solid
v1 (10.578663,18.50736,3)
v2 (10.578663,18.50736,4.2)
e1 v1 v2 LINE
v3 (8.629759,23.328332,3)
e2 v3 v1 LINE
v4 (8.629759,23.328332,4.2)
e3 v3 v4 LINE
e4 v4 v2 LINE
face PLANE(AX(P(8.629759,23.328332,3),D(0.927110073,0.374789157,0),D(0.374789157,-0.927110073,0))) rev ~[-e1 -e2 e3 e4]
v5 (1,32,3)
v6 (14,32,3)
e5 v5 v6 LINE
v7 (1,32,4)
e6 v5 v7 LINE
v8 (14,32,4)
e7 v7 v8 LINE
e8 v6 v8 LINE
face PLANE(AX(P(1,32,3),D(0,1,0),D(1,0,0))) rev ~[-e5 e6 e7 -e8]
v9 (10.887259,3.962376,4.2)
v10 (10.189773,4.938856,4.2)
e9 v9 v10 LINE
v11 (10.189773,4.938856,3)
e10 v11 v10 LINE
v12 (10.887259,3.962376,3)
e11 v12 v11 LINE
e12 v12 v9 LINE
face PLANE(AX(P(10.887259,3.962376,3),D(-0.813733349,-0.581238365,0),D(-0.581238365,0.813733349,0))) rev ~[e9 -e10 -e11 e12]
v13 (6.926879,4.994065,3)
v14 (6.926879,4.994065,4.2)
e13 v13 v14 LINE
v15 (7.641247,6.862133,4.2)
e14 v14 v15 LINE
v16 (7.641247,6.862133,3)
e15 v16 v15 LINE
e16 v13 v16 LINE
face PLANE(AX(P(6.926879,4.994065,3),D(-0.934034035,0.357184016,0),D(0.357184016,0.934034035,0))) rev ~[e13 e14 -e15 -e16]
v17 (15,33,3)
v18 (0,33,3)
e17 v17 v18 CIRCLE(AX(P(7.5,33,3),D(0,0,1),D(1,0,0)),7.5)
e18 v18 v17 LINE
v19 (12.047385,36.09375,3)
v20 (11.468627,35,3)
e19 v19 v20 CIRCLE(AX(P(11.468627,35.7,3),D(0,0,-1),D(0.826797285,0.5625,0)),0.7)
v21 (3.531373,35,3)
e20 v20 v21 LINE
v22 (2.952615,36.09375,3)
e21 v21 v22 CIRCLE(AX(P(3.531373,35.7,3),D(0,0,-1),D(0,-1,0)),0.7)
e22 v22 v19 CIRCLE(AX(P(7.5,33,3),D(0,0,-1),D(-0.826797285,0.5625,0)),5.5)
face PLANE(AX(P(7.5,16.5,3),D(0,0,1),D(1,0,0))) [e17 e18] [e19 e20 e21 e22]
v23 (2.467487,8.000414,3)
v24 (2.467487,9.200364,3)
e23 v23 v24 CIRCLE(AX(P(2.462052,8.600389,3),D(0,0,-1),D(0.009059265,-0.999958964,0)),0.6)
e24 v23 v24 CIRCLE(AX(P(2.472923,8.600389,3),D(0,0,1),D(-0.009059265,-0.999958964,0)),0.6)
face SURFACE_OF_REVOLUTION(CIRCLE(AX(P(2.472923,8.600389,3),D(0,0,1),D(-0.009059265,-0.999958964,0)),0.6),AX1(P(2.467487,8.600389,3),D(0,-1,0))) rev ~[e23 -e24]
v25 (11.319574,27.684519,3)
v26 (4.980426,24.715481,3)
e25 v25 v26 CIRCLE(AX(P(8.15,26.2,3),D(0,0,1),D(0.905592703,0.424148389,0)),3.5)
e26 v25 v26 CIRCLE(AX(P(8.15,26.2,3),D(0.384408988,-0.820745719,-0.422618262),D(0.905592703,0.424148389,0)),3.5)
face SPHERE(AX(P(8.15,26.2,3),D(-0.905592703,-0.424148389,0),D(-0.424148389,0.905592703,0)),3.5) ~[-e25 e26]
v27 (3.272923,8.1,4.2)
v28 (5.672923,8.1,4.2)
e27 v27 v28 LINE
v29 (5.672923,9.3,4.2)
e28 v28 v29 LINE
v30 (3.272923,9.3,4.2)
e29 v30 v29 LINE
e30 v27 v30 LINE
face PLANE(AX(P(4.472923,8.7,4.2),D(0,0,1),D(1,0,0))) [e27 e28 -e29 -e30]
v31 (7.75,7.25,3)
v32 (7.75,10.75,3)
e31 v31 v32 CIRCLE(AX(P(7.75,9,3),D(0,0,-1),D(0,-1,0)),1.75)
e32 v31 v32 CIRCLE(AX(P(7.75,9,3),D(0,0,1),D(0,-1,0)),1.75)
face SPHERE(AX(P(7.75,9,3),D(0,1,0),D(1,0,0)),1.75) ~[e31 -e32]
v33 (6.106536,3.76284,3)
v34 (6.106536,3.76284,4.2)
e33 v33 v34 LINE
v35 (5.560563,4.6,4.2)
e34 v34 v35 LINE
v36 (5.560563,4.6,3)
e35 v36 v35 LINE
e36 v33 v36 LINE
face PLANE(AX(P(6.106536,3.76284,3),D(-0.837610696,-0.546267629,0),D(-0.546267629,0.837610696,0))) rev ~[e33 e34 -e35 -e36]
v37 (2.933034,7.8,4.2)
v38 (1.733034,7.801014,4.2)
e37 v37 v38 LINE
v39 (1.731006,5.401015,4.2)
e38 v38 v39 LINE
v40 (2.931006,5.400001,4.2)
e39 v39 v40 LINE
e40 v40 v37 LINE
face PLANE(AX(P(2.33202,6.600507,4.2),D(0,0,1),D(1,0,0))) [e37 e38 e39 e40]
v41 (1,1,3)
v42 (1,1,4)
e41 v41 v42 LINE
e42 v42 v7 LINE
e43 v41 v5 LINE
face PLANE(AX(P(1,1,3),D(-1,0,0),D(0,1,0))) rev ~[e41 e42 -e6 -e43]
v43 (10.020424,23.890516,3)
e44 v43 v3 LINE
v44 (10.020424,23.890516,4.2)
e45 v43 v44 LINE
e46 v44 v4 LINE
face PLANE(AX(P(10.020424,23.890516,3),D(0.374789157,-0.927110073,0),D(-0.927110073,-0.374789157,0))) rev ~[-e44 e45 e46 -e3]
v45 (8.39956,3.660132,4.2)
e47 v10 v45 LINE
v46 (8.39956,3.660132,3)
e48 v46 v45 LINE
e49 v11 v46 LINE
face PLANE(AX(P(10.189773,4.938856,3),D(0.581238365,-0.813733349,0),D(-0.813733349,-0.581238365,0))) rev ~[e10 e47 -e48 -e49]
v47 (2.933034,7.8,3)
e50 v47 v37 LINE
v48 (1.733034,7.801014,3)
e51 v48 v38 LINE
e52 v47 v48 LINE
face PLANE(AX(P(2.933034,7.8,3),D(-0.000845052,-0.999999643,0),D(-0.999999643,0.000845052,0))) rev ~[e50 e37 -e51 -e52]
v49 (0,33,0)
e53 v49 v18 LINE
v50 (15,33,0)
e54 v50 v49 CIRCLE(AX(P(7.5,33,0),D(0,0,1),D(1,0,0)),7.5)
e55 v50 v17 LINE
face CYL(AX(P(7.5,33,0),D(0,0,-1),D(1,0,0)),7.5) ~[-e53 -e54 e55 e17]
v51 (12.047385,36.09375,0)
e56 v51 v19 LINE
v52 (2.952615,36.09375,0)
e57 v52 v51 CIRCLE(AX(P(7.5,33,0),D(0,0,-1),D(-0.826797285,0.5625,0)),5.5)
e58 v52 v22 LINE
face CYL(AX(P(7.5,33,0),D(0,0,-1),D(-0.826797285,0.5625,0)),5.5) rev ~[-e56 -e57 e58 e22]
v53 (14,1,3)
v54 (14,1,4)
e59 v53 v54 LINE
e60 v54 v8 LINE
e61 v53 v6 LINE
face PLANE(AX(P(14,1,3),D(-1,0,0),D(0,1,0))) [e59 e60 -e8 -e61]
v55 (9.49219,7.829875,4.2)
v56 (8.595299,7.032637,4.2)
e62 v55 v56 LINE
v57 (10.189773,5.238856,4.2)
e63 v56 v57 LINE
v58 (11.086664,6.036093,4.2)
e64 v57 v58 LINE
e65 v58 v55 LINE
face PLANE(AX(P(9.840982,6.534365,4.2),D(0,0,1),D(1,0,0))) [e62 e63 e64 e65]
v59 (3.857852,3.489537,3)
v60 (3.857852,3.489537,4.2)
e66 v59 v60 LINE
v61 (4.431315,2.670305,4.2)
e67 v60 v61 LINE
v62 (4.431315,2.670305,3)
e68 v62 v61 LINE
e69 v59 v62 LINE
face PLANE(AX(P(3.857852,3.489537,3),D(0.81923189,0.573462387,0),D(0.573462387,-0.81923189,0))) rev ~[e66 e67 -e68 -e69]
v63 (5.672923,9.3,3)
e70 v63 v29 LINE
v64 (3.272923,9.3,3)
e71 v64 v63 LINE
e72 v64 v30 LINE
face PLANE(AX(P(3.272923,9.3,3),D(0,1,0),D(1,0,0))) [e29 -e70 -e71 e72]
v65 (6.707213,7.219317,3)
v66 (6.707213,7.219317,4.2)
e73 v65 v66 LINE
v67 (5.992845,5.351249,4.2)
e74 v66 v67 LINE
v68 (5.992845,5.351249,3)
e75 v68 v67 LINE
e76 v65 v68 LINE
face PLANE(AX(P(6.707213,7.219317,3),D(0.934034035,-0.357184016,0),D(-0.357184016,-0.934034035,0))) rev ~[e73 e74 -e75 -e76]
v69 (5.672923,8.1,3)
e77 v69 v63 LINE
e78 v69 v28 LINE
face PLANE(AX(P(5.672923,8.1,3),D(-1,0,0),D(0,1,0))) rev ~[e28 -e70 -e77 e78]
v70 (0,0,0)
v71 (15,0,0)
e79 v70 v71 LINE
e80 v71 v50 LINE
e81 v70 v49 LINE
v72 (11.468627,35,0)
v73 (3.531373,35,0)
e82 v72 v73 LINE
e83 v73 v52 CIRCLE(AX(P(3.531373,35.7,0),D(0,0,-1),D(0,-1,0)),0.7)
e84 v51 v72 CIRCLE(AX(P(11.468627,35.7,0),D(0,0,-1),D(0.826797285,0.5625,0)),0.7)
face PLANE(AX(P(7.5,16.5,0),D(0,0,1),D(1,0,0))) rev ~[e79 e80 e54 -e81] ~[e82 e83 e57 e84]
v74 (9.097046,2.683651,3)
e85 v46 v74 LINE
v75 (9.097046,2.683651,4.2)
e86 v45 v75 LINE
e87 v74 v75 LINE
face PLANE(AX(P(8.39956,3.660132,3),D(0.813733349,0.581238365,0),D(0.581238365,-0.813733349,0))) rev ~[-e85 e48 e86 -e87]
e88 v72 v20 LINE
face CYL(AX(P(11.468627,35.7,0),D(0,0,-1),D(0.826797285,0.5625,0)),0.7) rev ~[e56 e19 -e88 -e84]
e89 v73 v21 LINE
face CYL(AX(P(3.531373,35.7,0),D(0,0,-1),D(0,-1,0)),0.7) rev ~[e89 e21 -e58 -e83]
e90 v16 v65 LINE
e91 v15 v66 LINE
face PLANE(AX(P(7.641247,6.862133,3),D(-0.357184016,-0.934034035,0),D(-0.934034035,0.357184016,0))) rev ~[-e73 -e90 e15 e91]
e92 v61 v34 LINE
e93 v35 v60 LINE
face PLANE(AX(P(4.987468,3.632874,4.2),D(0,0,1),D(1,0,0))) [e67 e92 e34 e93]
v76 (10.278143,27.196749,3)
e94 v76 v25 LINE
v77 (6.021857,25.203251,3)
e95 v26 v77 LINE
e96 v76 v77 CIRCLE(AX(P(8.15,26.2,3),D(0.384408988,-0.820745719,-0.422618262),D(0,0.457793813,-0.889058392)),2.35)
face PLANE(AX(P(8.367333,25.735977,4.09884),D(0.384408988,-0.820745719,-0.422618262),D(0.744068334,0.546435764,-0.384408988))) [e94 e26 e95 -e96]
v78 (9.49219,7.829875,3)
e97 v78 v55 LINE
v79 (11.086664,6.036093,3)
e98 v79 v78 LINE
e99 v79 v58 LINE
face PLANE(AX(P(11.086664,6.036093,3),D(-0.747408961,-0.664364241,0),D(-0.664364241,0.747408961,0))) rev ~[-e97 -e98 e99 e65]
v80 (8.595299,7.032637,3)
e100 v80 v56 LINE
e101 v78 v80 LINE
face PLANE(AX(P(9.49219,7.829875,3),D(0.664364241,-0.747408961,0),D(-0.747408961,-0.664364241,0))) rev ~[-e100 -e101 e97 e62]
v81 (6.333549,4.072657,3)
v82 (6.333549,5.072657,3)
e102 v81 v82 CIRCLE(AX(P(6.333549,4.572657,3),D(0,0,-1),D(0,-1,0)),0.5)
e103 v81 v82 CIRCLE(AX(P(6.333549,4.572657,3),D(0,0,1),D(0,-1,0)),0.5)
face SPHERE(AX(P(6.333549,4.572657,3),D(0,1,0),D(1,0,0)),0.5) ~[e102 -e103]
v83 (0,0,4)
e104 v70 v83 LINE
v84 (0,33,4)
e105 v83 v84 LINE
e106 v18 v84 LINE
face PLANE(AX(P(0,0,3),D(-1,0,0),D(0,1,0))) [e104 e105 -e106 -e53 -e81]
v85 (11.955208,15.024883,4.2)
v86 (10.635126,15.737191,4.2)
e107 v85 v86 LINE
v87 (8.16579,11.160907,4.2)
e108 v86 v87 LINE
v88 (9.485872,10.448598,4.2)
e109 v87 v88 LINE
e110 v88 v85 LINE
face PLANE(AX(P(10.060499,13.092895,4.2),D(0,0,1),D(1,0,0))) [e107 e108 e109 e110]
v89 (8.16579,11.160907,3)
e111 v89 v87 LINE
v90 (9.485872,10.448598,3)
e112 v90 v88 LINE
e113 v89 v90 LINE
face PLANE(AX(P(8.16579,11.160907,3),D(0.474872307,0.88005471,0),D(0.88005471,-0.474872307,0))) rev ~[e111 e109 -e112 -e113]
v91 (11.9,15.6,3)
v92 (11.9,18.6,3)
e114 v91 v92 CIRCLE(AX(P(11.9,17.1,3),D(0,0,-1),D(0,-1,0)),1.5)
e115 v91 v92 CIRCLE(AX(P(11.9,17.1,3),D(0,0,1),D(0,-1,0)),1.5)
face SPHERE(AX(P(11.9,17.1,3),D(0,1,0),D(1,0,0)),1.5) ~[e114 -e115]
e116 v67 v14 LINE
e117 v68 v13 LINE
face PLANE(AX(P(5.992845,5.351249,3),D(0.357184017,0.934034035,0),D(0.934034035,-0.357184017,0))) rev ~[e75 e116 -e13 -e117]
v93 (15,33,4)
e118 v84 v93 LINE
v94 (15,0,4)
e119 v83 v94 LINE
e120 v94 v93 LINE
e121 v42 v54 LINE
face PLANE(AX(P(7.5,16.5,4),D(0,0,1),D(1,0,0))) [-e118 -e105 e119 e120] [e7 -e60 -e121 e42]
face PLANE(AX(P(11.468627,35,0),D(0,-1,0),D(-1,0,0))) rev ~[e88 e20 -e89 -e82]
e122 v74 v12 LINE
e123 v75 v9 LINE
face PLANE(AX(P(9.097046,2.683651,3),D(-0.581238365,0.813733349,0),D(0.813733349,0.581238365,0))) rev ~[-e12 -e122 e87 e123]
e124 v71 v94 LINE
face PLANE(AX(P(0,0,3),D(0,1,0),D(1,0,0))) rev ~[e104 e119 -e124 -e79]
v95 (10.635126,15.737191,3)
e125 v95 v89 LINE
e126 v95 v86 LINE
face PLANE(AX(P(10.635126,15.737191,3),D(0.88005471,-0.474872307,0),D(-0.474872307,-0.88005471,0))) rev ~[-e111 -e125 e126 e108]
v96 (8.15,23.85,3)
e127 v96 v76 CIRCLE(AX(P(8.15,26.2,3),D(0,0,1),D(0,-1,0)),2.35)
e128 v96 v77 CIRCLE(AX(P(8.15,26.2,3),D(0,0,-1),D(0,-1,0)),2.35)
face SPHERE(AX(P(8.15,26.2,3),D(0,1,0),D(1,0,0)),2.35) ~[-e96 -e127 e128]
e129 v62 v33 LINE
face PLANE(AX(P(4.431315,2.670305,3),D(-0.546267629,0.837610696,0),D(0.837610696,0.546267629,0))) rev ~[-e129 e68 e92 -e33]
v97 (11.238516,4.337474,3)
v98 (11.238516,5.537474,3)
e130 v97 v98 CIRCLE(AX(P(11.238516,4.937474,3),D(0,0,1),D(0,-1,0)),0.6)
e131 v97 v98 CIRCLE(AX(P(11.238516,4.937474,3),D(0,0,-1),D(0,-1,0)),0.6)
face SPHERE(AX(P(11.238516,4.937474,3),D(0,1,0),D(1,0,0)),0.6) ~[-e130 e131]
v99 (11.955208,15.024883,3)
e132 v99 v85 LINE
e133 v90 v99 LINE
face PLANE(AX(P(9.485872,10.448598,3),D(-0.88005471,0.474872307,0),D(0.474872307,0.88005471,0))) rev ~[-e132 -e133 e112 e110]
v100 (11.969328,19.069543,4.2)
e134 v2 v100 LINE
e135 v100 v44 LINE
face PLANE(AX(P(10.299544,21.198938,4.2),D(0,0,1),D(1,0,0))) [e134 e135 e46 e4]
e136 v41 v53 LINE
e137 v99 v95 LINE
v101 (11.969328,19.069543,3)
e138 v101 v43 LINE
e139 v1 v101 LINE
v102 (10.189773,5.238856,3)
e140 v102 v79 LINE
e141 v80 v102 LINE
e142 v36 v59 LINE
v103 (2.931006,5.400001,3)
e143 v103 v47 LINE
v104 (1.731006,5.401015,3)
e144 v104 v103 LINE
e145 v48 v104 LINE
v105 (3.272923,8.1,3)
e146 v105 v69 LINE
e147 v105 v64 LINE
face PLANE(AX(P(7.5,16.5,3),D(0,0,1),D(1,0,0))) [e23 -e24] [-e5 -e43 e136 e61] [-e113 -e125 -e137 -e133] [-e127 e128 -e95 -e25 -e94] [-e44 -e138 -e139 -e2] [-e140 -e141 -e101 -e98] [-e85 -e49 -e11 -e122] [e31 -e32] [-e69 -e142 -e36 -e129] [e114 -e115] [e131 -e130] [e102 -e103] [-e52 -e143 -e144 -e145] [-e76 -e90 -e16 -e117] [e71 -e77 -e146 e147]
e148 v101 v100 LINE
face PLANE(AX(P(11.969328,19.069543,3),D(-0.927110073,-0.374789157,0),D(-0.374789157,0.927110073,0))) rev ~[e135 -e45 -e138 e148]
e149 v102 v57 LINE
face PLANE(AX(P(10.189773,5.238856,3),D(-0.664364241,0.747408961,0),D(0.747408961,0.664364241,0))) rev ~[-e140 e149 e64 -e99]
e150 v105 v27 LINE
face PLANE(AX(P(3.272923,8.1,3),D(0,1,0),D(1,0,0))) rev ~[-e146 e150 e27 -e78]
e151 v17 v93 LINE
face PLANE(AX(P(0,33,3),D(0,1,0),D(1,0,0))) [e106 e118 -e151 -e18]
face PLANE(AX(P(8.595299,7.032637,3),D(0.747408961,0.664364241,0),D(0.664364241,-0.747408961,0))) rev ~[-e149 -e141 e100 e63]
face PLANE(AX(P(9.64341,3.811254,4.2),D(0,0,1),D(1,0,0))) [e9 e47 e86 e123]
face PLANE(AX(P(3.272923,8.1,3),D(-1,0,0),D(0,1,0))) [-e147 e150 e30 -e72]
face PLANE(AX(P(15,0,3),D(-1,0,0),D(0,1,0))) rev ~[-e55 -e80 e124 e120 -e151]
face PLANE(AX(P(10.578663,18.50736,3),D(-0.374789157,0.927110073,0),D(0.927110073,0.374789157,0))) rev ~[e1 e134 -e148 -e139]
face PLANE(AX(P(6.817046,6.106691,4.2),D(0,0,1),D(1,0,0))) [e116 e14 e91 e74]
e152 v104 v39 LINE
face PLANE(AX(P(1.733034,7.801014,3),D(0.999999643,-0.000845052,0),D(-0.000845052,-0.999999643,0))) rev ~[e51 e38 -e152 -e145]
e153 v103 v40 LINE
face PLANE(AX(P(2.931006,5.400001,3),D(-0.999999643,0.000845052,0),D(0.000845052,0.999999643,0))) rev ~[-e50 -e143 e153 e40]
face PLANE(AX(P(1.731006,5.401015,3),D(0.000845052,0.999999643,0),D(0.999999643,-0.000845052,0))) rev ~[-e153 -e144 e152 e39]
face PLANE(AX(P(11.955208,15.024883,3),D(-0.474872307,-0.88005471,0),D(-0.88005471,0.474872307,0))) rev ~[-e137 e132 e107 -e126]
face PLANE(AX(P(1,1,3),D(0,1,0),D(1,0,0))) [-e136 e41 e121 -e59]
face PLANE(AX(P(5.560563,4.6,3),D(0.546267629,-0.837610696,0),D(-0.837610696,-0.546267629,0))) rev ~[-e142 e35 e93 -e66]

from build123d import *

# Parameters (mm, degrees)
F0_W      = 15
F0_H      = 33
F1_DEPTH  = 3
F3_W      = 2.4
F3_H      = 1.2
F4_DEPTH  = 1.2
F7_DEPTH  = 1.2
F9_ANGLE  = 180
F11_ANGLE = 180
F15_ANGLE = 180
F16_ANGLE = 180
F18_ANGLE = 180
F19_ANGLE = 115
F20_ANGLE = 180
F2_W      = 15
F2_H      = 33
F2_W_2    = 13
F2_H_2    = 31
F21_DEPTH = 1


with BuildPart() as f1:
    # F0 (on Top) → F1 (new body)
    with BuildSketch(Plane.XY):
        with Locations((7.5, 16.5)):
            Rectangle(F0_W, F0_H)
        with BuildLine():
            ThreePointArc((15, 33), (7.5, 40.5), (0, 33))
            Line((0, 33), (15, 33))
        make_face()
        with BuildLine():
            Line((11.4686269666, 35), (3.5313730334, 35))
            ThreePointArc((3.5313730334, 35), (2.9126545999, 35.3726049787), (2.9526149341, 36.09375))
            ThreePointArc((2.9526149341, 36.09375), (7.5, 38.5), (12.0473850659, 36.09375))
            ThreePointArc((12.0473850659, 36.09375), (12.0873454001, 35.3726049787), (11.4686269666, 35))
        make_face(mode=Mode.SUBTRACT)
    extrude(amount=F1_DEPTH)

    # F3 (on face) → F4 (join)
    with BuildSketch(Plane.XY.offset(3)):
        with Locations((4.4729229599, 8.7)):
            Rectangle(F3_W, F3_H)
        Polygon((2.9330339742, 7.8), (1.7330344026, 7.801014062), (1.7310062787, 5.4010149189), (2.9310058502, 5.4000008569), align=None)
        Polygon((7.6412468567, 6.8621327115), (6.7072128218, 7.2193167279), (5.9928447889, 5.3512486581), (6.9268788238, 4.9940646416), align=None)
        Polygon((6.1065359398, 3.762840498), (5.5605625677, 4.6), (3.8578521609, 3.4895371309), (4.4313145482, 2.6703052404), align=None)
        Polygon((9.4921899433, 7.8298745016), (8.5952991901, 7.0326374121), (10.189773369, 5.2388559057), (11.0866641222, 6.0360929952), align=None)
        Polygon((9.0970460407, 2.6836514835), (10.8872594075, 3.9623758874), (10.189773369, 4.9388559057), (8.3995600022, 3.6601315018), align=None)
    extrude(amount=F4_DEPTH)

    # F6 (on face) → F7 (join)
    with BuildSketch(Plane.XY.offset(3)):
        Polygon((8.6297593251, 23.3283319113), (10.5786629425, 18.5073595312), (11.9693280521, 19.069543267), (10.0204244347, 23.8905156471), align=None)
        Polygon((9.485872163, 10.4485981269), (11.9552081585, 15.0248826178), (10.6351260938, 15.737191078), (8.1657900983, 11.1609065871), align=None)
    extrude(amount=F7_DEPTH)

    # F8 (on face) → F9 (revolve)
    with BuildSketch(Plane.XY.offset(3)):
        with BuildLine():
            Line((11.9, 18.6), (11.9, 15.6))
            ThreePointArc((11.9, 15.6), (13.4, 17.1), (11.9, 18.6))
        make_face()
    revolve(axis=Axis((11.9, 17.1, 3), (0, -1, 0)), revolution_arc=F9_ANGLE)

    # F10 (on face) → F11 (revolve)
    with BuildSketch(Plane.XY.offset(3)):
        with BuildLine():
            Line((8.15, 28.55), (8.15, 23.85))
            ThreePointArc((8.15, 23.85), (10.5, 26.2), (8.15, 28.55))
        make_face()
    revolve(axis=Axis((8.15, 26.2, 3), (0, -1, 0)), revolution_arc=F11_ANGLE)

    # F14 (on face) → F15 (revolve)
    with BuildSketch(Plane.XY.offset(3)):
        with BuildLine():
            Line((2.4674874008, 9.2003644818), (2.4674874008, 8.0004137249))
            ThreePointArc((2.4674874008, 8.0004137249), (3.0729229599, 8.6003891034), (2.4674874008, 9.2003644818))
        make_face()
    revolve(axis=Axis((2.4674874008, 8.6003891034, 3), (0, -1, 0)), revolution_arc=F15_ANGLE)

    # F13 (on face) → F16 (revolve)
    with BuildSketch(Plane.XY.offset(3)):
        with BuildLine():
            Line((6.3335492538, 5.0726566499), (6.3335492538, 4.0726566499))
            ThreePointArc((6.3335492538, 4.0726566499), (6.8335492538, 4.5726566499), (6.3335492538, 5.0726566499))
        make_face()
    revolve(axis=Axis((6.3335492538, 4.5726566499, 3), (0, -1, 0)), revolution_arc=F16_ANGLE)

    # F17 (on face) → F18 (revolve)
    with BuildSketch(Plane.XY.offset(3)):
        with BuildLine():
            Line((11.2385163883, 5.5374744504), (11.2385163883, 4.3374744504))
            ThreePointArc((11.2385163883, 4.3374744504), (11.8385163883, 4.9374744504), (11.2385163883, 5.5374744504))
        make_face()
    revolve(axis=Axis((11.2385163883, 4.9374744504, 3), (0, -1, 0)), revolution_arc=F18_ANGLE)

    # F12 (on face) → F19 (revolve)
    with BuildSketch(Plane.XY.offset(3)):
        with BuildLine():
            Line((4.9804255393, 24.7154806374), (11.3195744607, 27.6845193626))
            ThreePointArc((11.3195744607, 27.6845193626), (6.6654806374, 29.3695744607), (4.9804255393, 24.7154806374))
        make_face()
    revolve(axis=Axis((8.15, 26.2, 3), (0.9055927031, 0.4241483893, 0)), revolution_arc=F19_ANGLE)

    # F5 (on face) → F20 (revolve)
    with BuildSketch(Plane.XY.offset(3)):
        with BuildLine():
            Line((7.75, 10.75), (7.75, 7.25))
            ThreePointArc((7.75, 7.25), (9.5, 9), (7.75, 10.75))
        make_face()
    revolve(axis=Axis((7.75, 9, 3), (0, -1, 0)), revolution_arc=F20_ANGLE)

    # F2 (on face) → F21 (join)
    with BuildSketch(Plane.XY.offset(3)):
        with Locations((7.5, 16.5)):
            Rectangle(F2_W, F2_H)
        with Locations((7.5, 16.5)):
            Rectangle(F2_W_2, F2_H_2, mode=Mode.SUBTRACT)
    extrude(amount=F21_DEPTH)


solid = f1.part
